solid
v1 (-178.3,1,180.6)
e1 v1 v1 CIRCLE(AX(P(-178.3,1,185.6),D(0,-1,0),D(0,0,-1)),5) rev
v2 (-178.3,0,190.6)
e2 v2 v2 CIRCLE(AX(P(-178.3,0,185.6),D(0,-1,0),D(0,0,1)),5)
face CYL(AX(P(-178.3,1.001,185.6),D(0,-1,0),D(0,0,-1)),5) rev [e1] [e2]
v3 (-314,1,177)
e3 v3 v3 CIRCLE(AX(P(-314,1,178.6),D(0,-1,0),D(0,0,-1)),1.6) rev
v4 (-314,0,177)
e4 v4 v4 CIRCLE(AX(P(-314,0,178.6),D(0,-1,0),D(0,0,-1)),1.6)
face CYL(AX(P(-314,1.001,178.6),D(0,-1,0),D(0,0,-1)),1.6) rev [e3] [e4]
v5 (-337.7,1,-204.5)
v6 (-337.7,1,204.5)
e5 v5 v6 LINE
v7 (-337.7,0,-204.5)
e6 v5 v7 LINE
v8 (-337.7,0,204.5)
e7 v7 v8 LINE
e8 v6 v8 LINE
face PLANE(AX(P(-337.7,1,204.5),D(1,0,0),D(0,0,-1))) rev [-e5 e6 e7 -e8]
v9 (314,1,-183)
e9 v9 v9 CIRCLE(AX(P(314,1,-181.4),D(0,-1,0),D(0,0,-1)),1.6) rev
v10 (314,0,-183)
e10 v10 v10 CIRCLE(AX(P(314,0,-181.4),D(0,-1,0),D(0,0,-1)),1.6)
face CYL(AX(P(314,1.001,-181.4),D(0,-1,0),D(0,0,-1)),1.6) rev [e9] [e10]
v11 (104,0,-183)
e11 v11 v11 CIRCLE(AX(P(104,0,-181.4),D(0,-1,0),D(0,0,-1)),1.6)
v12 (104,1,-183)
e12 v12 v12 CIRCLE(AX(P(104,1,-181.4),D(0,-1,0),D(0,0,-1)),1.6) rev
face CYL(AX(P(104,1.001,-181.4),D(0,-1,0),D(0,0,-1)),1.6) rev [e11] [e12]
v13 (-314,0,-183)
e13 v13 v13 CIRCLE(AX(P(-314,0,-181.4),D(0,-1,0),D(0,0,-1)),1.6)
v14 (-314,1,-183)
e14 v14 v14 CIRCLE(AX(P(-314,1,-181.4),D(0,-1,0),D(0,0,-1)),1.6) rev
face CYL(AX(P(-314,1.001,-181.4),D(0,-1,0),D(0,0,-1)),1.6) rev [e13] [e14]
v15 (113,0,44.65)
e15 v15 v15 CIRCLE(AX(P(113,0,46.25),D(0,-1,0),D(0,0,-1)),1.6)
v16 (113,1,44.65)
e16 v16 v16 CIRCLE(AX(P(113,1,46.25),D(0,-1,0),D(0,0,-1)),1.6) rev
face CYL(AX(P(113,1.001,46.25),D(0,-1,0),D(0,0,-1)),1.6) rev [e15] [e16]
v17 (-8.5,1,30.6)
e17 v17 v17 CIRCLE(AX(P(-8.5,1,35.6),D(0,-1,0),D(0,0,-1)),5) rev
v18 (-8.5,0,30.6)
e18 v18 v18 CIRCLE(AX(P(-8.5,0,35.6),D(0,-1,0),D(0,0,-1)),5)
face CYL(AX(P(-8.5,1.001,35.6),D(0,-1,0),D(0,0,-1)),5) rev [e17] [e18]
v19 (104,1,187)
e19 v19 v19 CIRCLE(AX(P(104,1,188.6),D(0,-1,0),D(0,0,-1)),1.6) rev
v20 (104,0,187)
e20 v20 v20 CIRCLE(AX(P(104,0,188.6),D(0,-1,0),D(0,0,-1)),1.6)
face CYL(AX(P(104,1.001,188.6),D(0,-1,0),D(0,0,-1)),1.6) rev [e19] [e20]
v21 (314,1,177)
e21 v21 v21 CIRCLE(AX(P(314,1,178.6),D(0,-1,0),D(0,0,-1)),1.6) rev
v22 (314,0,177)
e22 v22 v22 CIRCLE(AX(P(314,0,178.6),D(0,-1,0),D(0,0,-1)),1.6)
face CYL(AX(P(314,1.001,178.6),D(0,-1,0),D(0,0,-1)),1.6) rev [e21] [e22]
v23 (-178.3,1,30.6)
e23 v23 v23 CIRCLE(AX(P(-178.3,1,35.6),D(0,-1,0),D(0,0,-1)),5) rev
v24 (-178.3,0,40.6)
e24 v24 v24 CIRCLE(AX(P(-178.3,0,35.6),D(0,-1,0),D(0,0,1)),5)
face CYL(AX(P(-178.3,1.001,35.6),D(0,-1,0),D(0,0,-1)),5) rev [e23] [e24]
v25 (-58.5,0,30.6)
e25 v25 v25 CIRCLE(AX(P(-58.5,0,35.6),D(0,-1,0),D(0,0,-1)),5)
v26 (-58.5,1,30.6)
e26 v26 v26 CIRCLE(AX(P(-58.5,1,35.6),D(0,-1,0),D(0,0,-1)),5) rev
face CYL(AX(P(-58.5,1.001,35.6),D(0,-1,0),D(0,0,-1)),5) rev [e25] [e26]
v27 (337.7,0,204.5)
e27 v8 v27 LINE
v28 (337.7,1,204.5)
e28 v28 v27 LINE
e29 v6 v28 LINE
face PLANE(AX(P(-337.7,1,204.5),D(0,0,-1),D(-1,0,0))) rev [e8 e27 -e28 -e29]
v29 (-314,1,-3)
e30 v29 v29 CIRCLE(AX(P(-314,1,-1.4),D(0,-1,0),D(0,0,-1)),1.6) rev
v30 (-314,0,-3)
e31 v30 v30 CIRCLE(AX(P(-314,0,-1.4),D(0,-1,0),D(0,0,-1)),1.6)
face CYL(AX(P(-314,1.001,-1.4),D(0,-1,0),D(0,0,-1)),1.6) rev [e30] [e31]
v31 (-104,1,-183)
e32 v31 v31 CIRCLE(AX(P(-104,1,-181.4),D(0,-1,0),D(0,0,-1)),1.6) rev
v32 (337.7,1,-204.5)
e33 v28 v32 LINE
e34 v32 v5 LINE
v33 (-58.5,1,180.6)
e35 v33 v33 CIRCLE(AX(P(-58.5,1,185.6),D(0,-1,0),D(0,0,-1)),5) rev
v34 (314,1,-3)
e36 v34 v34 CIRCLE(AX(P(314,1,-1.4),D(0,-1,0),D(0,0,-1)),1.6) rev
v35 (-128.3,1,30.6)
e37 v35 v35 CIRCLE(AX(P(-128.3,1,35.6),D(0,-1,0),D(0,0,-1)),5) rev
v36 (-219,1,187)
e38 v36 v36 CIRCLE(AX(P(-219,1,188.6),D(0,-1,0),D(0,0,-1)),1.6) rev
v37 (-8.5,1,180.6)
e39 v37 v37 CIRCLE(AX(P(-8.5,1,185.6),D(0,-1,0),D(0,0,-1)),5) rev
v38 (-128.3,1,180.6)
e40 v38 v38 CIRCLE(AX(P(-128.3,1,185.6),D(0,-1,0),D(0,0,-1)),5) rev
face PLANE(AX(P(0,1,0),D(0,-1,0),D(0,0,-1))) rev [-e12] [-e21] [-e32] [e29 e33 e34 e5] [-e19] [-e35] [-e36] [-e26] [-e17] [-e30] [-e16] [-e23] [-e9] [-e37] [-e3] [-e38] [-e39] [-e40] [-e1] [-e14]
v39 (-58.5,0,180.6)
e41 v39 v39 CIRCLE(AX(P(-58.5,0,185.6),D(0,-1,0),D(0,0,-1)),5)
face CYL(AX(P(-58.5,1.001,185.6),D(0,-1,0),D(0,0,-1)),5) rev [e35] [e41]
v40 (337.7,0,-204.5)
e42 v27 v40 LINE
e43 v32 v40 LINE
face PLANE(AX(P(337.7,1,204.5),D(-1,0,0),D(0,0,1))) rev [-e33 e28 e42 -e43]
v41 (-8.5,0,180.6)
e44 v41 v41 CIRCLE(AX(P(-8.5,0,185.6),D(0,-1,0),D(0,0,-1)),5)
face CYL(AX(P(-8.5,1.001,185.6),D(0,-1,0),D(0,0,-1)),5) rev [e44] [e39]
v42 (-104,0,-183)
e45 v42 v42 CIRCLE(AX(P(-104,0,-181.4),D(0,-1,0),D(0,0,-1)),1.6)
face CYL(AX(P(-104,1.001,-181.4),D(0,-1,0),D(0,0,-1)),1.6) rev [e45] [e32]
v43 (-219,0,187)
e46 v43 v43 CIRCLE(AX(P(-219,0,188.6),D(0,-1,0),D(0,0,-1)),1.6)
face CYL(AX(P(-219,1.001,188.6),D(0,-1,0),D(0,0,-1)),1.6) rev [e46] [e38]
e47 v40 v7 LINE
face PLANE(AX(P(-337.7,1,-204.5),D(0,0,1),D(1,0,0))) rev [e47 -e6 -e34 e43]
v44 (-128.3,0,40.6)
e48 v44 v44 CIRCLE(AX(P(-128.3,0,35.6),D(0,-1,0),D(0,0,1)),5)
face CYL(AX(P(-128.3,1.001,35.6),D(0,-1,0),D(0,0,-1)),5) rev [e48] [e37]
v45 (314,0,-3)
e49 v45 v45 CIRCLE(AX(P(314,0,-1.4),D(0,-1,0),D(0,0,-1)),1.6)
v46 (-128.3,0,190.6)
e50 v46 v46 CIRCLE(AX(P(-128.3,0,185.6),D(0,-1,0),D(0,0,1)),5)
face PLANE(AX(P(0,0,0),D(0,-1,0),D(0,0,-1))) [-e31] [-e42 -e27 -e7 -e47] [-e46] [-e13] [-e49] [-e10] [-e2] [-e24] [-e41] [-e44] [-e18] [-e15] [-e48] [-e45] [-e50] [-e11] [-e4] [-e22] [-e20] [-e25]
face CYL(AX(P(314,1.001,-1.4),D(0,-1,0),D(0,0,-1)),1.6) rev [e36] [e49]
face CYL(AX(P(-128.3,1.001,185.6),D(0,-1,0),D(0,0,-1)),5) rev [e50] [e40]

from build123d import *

# Parameters (mm, degrees)
CROQUIS1_W              = 675.4
CROQUIS1_H              = 409
SALIENTE_EXTRUIR1_DEPTH = 1
CORTAR_EXTRUIR1_REACH   = 3
CROQUIS2_R              = 1.6
CORTAR_EXTRUIR2_REACH   = 3
CROQUIS3_R              = 5
CORTAR_EXTRUIR3_REACH   = 3
CROQUIS4_R              = 1.6


with BuildPart() as part:
    # Croquis1 → Saliente-Extruir1 (new body)
    with BuildSketch(Plane(origin=(0, 0, 0), x_dir=(1, 0, 0), z_dir=(0, 1, 0))):
        Rectangle(CROQUIS1_W, CROQUIS1_H)
    extrude(amount=SALIENTE_EXTRUIR1_DEPTH)

    # Croquis2 → Cortar-Extruir1 (cut, up to next)
    with BuildSketch(Plane.XZ, mode=Mode.PRIVATE) as cortar_extruir1_sk1:
        with Locations((-314, 178.6)):
            Circle(CROQUIS2_R)
    cortar_extruir1_tool1 = extrude(cortar_extruir1_sk1.sketch, amount=-CORTAR_EXTRUIR1_REACH, mode=Mode.PRIVATE) & part.part
    add(cortar_extruir1_tool1.solids().sort_by_distance((-314, 0, 178.6))[0], mode=Mode.SUBTRACT)
    # Croquis2 → Cortar-Extruir1 (cut, up to next)
    with BuildSketch(Plane.XZ, mode=Mode.PRIVATE) as cortar_extruir1_sk2:
        with Locations((-314, -181.4)):
            Circle(CROQUIS2_R)
    cortar_extruir1_tool2 = extrude(cortar_extruir1_sk2.sketch, amount=-CORTAR_EXTRUIR1_REACH, mode=Mode.PRIVATE) & part.part
    add(cortar_extruir1_tool2.solids().sort_by_distance((-314, 0, -181.4))[0], mode=Mode.SUBTRACT)
    # Croquis2 → Cortar-Extruir1 (cut, up to next)
    with BuildSketch(Plane.XZ, mode=Mode.PRIVATE) as cortar_extruir1_sk3:
        with Locations((314, -181.4)):
            Circle(CROQUIS2_R)
    cortar_extruir1_tool3 = extrude(cortar_extruir1_sk3.sketch, amount=-CORTAR_EXTRUIR1_REACH, mode=Mode.PRIVATE) & part.part
    add(cortar_extruir1_tool3.solids().sort_by_distance((314, 0, -181.4))[0], mode=Mode.SUBTRACT)
    # Croquis2 → Cortar-Extruir1 (cut, up to next)
    with BuildSketch(Plane.XZ, mode=Mode.PRIVATE) as cortar_extruir1_sk4:
        with Locations((314, 178.6)):
            Circle(CROQUIS2_R)
    cortar_extruir1_tool4 = extrude(cortar_extruir1_sk4.sketch, amount=-CORTAR_EXTRUIR1_REACH, mode=Mode.PRIVATE) & part.part
    add(cortar_extruir1_tool4.solids().sort_by_distance((314, 0, 178.6))[0], mode=Mode.SUBTRACT)
    # Croquis2 → Cortar-Extruir1 (cut, up to next)
    with BuildSketch(Plane.XZ, mode=Mode.PRIVATE) as cortar_extruir1_sk5:
        with Locations((113, 46.25)):
            Circle(CROQUIS2_R)
    cortar_extruir1_tool5 = extrude(cortar_extruir1_sk5.sketch, amount=-CORTAR_EXTRUIR1_REACH, mode=Mode.PRIVATE) & part.part
    add(cortar_extruir1_tool5.solids().sort_by_distance((113, 0, 46.25))[0], mode=Mode.SUBTRACT)

    # Croquis3 → Cortar-Extruir2 (cut, up to next)
    with BuildSketch(Plane.XZ, mode=Mode.PRIVATE) as cortar_extruir2_sk1:
        with Locations((-58.5, 35.6)):
            Circle(CROQUIS3_R)
    cortar_extruir2_tool1 = extrude(cortar_extruir2_sk1.sketch, amount=-CORTAR_EXTRUIR2_REACH, mode=Mode.PRIVATE) & part.part
    add(cortar_extruir2_tool1.solids().sort_by_distance((-58.5, 0, 35.6))[0], mode=Mode.SUBTRACT)
    # Croquis3 → Cortar-Extruir2 (cut, up to next)
    with BuildSketch(Plane.XZ, mode=Mode.PRIVATE) as cortar_extruir2_sk2:
        with Locations((-8.5, 35.6)):
            Circle(CROQUIS3_R)
    cortar_extruir2_tool2 = extrude(cortar_extruir2_sk2.sketch, amount=-CORTAR_EXTRUIR2_REACH, mode=Mode.PRIVATE) & part.part
    add(cortar_extruir2_tool2.solids().sort_by_distance((-8.5, 0, 35.6))[0], mode=Mode.SUBTRACT)
    # Croquis3 → Cortar-Extruir2 (cut, up to next)
    with BuildSketch(Plane.XZ, mode=Mode.PRIVATE) as cortar_extruir2_sk3:
        with Locations((-8.5, 185.6)):
            Circle(CROQUIS3_R)
    cortar_extruir2_tool3 = extrude(cortar_extruir2_sk3.sketch, amount=-CORTAR_EXTRUIR2_REACH, mode=Mode.PRIVATE) & part.part
    add(cortar_extruir2_tool3.solids().sort_by_distance((-8.5, 0, 185.6))[0], mode=Mode.SUBTRACT)
    # Croquis3 → Cortar-Extruir2 (cut, up to next)
    with BuildSketch(Plane.XZ, mode=Mode.PRIVATE) as cortar_extruir2_sk4:
        with Locations((-58.5, 185.6)):
            Circle(CROQUIS3_R)
    cortar_extruir2_tool4 = extrude(cortar_extruir2_sk4.sketch, amount=-CORTAR_EXTRUIR2_REACH, mode=Mode.PRIVATE) & part.part
    add(cortar_extruir2_tool4.solids().sort_by_distance((-58.5, 0, 185.6))[0], mode=Mode.SUBTRACT)
    # Croquis3 → Cortar-Extruir2 (cut, up to next)
    with BuildSketch(Plane.XZ, mode=Mode.PRIVATE) as cortar_extruir2_sk5:
        with Locations((-128.3, 185.6)):
            Circle(CROQUIS3_R)
    cortar_extruir2_tool5 = extrude(cortar_extruir2_sk5.sketch, amount=-CORTAR_EXTRUIR2_REACH, mode=Mode.PRIVATE) & part.part
    add(cortar_extruir2_tool5.solids().sort_by_distance((-128.3, 0, 185.6))[0], mode=Mode.SUBTRACT)
    # Croquis3 → Cortar-Extruir2 (cut, up to next)
    with BuildSketch(Plane.XZ, mode=Mode.PRIVATE) as cortar_extruir2_sk6:
        with Locations((-178.3, 185.6)):
            Circle(CROQUIS3_R)
    cortar_extruir2_tool6 = extrude(cortar_extruir2_sk6.sketch, amount=-CORTAR_EXTRUIR2_REACH, mode=Mode.PRIVATE) & part.part
    add(cortar_extruir2_tool6.solids().sort_by_distance((-178.3, 0, 185.6))[0], mode=Mode.SUBTRACT)
    # Croquis3 → Cortar-Extruir2 (cut, up to next)
    with BuildSketch(Plane.XZ, mode=Mode.PRIVATE) as cortar_extruir2_sk7:
        with Locations((-178.3, 35.6)):
            Circle(CROQUIS3_R)
    cortar_extruir2_tool7 = extrude(cortar_extruir2_sk7.sketch, amount=-CORTAR_EXTRUIR2_REACH, mode=Mode.PRIVATE) & part.part
    add(cortar_extruir2_tool7.solids().sort_by_distance((-178.3, 0, 35.6))[0], mode=Mode.SUBTRACT)
    # Croquis3 → Cortar-Extruir2 (cut, up to next)
    with BuildSketch(Plane.XZ, mode=Mode.PRIVATE) as cortar_extruir2_sk8:
        with Locations((-128.3, 35.6)):
            Circle(CROQUIS3_R)
    cortar_extruir2_tool8 = extrude(cortar_extruir2_sk8.sketch, amount=-CORTAR_EXTRUIR2_REACH, mode=Mode.PRIVATE) & part.part
    add(cortar_extruir2_tool8.solids().sort_by_distance((-128.3, 0, 35.6))[0], mode=Mode.SUBTRACT)

    # Croquis4 → Cortar-Extruir3 (cut, up to next)
    with BuildSketch(Plane.XZ, mode=Mode.PRIVATE) as cortar_extruir3_sk1:
        with Locations((-314, -1.4)):
            Circle(CROQUIS4_R)
    cortar_extruir3_tool1 = extrude(cortar_extruir3_sk1.sketch, amount=-CORTAR_EXTRUIR3_REACH, mode=Mode.PRIVATE) & part.part
    add(cortar_extruir3_tool1.solids().sort_by_distance((-314, 0, -1.4))[0], mode=Mode.SUBTRACT)
    # Croquis4 → Cortar-Extruir3 (cut, up to next)
    with BuildSketch(Plane.XZ, mode=Mode.PRIVATE) as cortar_extruir3_sk2:
        with Locations((314, -1.4)):
            Circle(CROQUIS4_R)
    cortar_extruir3_tool2 = extrude(cortar_extruir3_sk2.sketch, amount=-CORTAR_EXTRUIR3_REACH, mode=Mode.PRIVATE) & part.part
    add(cortar_extruir3_tool2.solids().sort_by_distance((314, 0, -1.4))[0], mode=Mode.SUBTRACT)
    # Croquis4 → Cortar-Extruir3 (cut, up to next)
    with BuildSketch(Plane.XZ, mode=Mode.PRIVATE) as cortar_extruir3_sk3:
        with Locations((-219, 188.6)):
            Circle(CROQUIS4_R)
    cortar_extruir3_tool3 = extrude(cortar_extruir3_sk3.sketch, amount=-CORTAR_EXTRUIR3_REACH, mode=Mode.PRIVATE) & part.part
    add(cortar_extruir3_tool3.solids().sort_by_distance((-219, 0, 188.6))[0], mode=Mode.SUBTRACT)
    # Croquis4 → Cortar-Extruir3 (cut, up to next)
    with BuildSketch(Plane.XZ, mode=Mode.PRIVATE) as cortar_extruir3_sk4:
        with Locations((104, -181.4)):
            Circle(CROQUIS4_R)
    cortar_extruir3_tool4 = extrude(cortar_extruir3_sk4.sketch, amount=-CORTAR_EXTRUIR3_REACH, mode=Mode.PRIVATE) & part.part
    add(cortar_extruir3_tool4.solids().sort_by_distance((104, 0, -181.4))[0], mode=Mode.SUBTRACT)
    # Croquis4 → Cortar-Extruir3 (cut, up to next)
    with BuildSketch(Plane.XZ, mode=Mode.PRIVATE) as cortar_extruir3_sk5:
        with Locations((104, 188.6)):
            Circle(CROQUIS4_R)
    cortar_extruir3_tool5 = extrude(cortar_extruir3_sk5.sketch, amount=-CORTAR_EXTRUIR3_REACH, mode=Mode.PRIVATE) & part.part
    add(cortar_extruir3_tool5.solids().sort_by_distance((104, 0, 188.6))[0], mode=Mode.SUBTRACT)
    # Croquis4 → Cortar-Extruir3 (cut, up to next)
    with BuildSketch(Plane.XZ, mode=Mode.PRIVATE) as cortar_extruir3_sk6:
        with Locations((-104, -181.4)):
            Circle(CROQUIS4_R)
    cortar_extruir3_tool6 = extrude(cortar_extruir3_sk6.sketch, amount=-CORTAR_EXTRUIR3_REACH, mode=Mode.PRIVATE) & part.part
    add(cortar_extruir3_tool6.solids().sort_by_distance((-104, 0, -181.4))[0], mode=Mode.SUBTRACT)


solid = part.part
